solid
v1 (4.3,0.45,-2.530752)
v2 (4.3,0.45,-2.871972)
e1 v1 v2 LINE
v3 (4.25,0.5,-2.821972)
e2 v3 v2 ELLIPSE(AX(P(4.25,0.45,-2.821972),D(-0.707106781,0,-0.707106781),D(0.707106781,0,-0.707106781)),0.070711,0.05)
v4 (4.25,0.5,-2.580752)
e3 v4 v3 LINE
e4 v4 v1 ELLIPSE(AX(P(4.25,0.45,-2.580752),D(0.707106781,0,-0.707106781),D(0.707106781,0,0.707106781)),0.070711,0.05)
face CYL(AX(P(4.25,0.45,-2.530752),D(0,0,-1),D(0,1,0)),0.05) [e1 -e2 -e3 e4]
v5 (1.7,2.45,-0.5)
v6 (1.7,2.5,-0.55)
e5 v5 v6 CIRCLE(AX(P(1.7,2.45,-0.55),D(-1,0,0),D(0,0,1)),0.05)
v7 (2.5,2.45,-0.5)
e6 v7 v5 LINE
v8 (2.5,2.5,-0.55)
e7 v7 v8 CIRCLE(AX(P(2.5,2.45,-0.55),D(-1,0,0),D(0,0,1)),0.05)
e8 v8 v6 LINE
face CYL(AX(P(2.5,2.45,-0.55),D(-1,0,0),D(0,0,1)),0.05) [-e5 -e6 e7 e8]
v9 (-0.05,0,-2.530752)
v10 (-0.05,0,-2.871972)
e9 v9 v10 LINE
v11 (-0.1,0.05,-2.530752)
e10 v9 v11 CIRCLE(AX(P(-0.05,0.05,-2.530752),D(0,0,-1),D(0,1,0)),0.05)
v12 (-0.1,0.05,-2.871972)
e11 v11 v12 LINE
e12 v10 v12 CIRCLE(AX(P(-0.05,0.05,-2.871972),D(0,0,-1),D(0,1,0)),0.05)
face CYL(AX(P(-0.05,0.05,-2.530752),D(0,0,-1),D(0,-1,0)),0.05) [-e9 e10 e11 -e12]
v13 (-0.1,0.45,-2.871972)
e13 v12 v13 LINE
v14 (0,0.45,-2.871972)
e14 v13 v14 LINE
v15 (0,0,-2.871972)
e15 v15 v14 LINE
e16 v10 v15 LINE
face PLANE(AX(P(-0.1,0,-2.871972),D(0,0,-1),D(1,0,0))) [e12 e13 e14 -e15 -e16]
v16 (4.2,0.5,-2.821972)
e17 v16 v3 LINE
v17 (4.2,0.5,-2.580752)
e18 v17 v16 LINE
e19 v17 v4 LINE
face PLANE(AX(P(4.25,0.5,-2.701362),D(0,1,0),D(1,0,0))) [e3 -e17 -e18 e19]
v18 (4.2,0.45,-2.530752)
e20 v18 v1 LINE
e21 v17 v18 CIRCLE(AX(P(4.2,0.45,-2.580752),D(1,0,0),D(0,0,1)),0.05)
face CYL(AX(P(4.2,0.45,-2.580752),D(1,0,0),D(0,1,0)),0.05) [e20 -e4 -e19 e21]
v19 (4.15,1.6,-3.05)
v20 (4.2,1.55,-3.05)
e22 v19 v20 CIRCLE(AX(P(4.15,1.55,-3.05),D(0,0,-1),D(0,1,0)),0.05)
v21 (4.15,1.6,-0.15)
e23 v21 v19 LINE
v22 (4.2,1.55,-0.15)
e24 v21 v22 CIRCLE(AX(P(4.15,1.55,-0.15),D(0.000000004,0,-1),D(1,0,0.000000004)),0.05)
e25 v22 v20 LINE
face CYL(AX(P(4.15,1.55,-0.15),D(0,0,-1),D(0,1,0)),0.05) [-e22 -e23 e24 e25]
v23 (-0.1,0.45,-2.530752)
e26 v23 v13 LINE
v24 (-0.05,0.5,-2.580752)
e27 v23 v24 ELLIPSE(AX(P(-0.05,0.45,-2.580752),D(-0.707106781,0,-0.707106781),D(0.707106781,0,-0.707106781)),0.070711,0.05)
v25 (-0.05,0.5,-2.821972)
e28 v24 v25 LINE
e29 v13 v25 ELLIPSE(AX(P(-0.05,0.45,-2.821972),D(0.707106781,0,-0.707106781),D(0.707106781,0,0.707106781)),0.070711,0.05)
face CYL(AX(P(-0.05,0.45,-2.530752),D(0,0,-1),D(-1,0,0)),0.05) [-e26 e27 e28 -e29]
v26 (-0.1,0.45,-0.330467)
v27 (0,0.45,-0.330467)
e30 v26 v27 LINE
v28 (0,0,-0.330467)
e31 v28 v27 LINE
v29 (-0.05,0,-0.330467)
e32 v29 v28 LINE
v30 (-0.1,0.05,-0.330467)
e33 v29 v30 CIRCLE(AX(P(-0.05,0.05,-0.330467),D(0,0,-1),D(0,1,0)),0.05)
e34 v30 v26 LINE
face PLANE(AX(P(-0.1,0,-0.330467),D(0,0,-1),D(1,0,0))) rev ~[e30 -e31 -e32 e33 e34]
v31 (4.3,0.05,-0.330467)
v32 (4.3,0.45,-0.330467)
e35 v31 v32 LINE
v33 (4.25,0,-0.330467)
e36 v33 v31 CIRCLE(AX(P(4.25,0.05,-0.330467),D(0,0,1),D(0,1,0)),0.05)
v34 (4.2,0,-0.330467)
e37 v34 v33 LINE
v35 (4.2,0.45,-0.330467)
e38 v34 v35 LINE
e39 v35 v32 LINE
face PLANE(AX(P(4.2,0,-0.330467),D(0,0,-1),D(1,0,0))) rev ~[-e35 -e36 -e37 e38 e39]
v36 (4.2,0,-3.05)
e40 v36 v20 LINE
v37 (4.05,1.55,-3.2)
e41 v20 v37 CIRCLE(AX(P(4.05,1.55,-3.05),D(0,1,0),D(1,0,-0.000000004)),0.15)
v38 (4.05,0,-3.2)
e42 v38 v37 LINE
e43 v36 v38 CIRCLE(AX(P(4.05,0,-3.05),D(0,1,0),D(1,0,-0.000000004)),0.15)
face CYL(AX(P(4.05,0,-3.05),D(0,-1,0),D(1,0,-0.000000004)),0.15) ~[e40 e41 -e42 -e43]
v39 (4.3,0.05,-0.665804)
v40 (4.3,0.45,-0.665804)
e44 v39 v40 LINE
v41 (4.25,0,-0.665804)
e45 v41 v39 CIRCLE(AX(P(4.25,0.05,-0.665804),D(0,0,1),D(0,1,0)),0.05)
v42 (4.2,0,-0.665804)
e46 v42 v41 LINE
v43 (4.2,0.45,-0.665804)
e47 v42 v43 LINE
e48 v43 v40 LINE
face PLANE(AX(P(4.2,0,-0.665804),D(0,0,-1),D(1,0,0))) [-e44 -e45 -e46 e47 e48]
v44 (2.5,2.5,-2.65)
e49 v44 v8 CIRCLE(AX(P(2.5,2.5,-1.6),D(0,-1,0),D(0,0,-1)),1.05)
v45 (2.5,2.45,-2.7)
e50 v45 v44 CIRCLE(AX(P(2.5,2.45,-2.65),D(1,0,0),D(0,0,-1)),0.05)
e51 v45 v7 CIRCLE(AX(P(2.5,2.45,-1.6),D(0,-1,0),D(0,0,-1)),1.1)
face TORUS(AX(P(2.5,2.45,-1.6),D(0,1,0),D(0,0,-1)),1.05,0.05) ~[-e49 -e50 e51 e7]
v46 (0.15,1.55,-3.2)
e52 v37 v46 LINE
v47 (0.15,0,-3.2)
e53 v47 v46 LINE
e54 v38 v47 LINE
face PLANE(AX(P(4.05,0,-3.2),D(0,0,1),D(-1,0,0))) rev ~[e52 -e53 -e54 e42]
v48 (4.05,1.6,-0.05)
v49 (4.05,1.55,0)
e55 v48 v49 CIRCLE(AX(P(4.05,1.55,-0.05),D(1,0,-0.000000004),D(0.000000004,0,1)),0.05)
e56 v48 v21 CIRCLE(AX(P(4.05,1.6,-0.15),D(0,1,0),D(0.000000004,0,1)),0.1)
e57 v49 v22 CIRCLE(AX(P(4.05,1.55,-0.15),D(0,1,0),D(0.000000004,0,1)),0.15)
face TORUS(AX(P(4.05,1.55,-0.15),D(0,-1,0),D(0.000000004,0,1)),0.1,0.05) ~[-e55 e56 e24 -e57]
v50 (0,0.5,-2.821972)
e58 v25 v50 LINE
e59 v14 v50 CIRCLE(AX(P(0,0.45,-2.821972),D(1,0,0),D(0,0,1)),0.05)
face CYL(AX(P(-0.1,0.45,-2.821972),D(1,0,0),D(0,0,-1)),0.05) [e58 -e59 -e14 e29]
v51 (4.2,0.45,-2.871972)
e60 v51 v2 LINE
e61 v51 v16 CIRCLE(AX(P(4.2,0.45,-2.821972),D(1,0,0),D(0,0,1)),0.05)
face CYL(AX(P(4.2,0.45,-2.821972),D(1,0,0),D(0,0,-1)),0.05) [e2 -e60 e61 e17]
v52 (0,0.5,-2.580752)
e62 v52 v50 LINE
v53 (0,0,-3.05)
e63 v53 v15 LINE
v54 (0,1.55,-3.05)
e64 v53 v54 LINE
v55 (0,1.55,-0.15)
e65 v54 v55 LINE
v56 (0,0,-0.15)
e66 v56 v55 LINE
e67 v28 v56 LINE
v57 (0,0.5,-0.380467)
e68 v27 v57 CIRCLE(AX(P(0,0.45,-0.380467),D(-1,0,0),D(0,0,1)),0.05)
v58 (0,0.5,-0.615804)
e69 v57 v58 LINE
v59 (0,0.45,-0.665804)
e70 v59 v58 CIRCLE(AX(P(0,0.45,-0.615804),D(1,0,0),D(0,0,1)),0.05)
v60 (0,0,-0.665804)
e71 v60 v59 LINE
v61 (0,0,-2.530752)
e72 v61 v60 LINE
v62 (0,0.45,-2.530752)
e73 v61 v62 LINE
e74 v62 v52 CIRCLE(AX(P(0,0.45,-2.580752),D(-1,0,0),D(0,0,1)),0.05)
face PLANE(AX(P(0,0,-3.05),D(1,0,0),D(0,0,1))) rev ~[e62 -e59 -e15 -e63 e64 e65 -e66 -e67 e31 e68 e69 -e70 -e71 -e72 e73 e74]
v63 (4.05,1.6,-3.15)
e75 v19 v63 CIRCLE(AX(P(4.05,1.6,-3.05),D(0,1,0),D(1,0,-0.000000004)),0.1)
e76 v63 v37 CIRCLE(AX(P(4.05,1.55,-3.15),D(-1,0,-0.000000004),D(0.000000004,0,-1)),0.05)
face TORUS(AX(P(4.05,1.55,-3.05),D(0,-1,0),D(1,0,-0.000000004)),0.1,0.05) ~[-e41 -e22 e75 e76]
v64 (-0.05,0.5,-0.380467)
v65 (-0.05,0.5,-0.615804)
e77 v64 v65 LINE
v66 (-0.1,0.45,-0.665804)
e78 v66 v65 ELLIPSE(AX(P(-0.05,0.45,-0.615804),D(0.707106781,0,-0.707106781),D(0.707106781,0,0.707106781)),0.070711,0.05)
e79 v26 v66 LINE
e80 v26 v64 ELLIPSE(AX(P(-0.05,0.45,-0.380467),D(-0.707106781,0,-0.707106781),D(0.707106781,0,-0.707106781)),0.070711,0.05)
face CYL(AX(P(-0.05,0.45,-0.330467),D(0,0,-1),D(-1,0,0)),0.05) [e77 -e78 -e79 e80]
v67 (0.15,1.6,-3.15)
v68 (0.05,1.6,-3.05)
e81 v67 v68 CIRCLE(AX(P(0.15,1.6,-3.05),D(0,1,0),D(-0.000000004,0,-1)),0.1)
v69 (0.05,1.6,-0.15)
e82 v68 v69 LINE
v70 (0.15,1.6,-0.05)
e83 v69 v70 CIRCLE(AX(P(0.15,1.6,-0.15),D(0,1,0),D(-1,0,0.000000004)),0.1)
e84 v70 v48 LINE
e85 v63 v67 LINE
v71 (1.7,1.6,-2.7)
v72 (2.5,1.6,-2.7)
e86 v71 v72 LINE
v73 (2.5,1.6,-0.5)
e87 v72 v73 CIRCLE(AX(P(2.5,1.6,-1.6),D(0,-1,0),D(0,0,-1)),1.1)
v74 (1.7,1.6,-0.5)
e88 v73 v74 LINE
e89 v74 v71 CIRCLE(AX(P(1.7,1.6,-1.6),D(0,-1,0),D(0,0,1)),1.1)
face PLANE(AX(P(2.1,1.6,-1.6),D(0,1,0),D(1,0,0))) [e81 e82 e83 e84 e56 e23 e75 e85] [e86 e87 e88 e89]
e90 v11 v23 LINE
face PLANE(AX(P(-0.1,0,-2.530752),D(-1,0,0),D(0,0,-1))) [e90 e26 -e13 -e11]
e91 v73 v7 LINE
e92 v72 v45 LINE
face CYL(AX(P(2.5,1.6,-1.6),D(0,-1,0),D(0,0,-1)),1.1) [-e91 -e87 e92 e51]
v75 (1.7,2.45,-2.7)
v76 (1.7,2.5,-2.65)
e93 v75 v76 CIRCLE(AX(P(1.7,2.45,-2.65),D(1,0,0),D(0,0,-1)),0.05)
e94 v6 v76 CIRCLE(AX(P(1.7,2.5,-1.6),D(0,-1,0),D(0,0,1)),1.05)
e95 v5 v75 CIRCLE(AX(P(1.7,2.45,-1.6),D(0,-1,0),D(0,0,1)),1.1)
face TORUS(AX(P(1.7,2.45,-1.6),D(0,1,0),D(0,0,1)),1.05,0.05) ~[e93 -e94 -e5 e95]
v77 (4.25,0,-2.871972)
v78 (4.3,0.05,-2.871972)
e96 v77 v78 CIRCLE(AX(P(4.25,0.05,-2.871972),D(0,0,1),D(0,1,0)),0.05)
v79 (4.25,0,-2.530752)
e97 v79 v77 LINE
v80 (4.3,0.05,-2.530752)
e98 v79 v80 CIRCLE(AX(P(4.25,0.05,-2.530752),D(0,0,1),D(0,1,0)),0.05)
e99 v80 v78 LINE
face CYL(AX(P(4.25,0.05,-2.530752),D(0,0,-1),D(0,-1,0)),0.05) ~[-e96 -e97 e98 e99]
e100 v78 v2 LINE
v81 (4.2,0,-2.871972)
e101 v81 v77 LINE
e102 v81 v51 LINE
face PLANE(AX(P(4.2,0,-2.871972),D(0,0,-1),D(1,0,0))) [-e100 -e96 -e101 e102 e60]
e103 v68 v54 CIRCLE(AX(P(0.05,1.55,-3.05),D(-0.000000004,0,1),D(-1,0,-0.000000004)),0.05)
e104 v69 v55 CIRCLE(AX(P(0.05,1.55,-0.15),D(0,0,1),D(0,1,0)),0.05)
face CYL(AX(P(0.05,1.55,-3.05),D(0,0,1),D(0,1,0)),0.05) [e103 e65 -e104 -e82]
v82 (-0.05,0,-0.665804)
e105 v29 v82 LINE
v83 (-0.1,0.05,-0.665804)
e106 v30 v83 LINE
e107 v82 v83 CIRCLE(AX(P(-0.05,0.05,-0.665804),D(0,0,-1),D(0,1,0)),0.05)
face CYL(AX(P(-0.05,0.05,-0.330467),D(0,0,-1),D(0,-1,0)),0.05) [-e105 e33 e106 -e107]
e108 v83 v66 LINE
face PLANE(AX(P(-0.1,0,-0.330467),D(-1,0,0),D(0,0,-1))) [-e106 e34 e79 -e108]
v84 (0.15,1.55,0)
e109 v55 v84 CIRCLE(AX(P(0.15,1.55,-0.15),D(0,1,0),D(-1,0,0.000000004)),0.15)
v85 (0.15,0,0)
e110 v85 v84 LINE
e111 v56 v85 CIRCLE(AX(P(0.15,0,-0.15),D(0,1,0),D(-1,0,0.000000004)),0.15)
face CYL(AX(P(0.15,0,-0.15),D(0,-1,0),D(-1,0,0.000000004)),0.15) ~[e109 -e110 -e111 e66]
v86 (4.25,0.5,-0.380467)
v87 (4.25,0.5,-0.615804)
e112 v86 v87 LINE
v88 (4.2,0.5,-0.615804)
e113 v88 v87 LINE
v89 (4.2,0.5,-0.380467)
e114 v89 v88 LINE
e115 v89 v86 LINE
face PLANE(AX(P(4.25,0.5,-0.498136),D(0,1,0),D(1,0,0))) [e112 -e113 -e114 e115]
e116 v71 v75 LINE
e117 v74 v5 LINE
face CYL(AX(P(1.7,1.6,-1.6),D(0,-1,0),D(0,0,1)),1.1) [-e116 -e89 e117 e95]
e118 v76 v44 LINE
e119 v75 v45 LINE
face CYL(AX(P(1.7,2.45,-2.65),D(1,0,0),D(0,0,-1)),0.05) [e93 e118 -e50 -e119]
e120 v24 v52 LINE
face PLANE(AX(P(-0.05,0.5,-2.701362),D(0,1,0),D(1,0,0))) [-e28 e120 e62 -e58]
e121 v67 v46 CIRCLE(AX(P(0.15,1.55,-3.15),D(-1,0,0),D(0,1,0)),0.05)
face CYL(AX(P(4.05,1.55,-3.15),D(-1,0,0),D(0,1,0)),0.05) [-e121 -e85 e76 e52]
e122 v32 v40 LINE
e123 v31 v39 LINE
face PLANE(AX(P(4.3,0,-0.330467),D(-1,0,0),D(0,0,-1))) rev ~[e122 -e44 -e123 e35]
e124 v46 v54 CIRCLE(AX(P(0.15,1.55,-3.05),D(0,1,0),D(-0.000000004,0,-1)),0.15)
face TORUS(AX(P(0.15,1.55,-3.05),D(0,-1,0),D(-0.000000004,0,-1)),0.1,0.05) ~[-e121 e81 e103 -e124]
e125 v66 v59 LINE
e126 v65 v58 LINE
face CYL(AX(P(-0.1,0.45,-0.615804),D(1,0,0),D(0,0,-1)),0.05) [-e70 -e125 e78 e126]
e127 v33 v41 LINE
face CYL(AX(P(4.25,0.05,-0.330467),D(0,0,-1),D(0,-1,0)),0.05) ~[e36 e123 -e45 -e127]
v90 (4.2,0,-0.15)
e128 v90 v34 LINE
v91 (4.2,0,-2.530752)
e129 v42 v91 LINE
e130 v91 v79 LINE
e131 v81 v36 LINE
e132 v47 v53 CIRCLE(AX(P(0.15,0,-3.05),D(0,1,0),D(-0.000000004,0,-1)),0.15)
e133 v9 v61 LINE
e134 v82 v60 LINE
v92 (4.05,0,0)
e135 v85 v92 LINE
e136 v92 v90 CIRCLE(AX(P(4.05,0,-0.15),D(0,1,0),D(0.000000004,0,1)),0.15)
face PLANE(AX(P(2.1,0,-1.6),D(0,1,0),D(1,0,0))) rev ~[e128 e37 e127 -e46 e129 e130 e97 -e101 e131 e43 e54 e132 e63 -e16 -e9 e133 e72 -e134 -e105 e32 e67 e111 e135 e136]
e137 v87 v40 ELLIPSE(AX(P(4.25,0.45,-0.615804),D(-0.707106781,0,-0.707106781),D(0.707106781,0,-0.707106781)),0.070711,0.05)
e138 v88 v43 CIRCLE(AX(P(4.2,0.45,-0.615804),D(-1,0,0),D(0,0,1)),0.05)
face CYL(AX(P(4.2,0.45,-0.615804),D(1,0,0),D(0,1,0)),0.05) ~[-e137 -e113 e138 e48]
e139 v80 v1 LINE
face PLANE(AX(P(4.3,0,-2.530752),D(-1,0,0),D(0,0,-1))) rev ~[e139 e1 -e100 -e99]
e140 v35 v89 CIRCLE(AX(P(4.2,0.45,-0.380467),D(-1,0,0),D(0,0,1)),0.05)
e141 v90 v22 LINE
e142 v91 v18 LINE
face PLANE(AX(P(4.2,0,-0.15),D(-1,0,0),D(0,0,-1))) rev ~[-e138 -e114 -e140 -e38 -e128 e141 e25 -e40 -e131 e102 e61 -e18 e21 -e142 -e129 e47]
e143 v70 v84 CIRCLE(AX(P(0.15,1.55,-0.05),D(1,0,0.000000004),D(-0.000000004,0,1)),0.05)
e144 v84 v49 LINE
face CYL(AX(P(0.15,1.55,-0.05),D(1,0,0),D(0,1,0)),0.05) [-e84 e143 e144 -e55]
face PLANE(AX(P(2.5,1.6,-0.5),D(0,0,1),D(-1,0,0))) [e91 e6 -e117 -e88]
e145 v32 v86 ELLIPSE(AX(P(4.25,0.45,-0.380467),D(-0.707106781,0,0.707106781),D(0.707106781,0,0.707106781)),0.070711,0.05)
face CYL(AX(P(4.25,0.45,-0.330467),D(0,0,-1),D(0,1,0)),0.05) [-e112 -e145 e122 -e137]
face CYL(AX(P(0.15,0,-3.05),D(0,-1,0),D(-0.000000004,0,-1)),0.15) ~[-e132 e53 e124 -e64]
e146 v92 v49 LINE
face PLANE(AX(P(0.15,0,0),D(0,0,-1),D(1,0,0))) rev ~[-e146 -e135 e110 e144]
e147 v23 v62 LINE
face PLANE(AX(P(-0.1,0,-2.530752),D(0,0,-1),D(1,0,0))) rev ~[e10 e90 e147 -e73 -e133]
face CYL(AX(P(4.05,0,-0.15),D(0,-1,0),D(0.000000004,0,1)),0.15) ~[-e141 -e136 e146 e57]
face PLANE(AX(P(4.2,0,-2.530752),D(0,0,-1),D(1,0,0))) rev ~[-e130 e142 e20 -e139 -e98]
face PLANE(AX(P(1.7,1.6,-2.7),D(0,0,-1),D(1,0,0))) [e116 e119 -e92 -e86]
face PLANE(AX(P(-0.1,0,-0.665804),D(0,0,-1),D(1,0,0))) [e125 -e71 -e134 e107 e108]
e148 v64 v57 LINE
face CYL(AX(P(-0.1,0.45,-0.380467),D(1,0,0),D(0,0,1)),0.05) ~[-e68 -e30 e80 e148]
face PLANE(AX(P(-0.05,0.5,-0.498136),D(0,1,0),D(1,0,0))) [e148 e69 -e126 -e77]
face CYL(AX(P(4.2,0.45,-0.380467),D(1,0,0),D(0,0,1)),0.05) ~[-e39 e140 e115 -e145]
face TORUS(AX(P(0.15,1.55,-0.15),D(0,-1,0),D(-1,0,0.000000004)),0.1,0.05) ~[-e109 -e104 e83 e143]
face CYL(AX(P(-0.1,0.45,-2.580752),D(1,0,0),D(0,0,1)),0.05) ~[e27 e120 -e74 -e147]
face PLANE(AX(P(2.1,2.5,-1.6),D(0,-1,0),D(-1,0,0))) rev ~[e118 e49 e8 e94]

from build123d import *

# Parameters (mm, degrees)
BOSS_EXTRU_1_DEPTH = 1.6
BOSS_EXTRU_2_DEPTH = 0.9
CONG_1_R           = 0.05
ESQUISSE4_W        = 0.1
ESQUISSE4_H        = 0.34122062
ESQUISSE4_H_2      = 0.335337507
BOSS_EXTRU_3_DEPTH = 0.5
CONG_2_R           = 0.05
CONG_3_R           = 0.05
CONG_4_R           = 0.05
CONG_5_R           = 0.05
CONG_6_R           = 0.05


with BuildPart() as part:
    # Esquisse1 → Boss.-Extru.1 (new body)
    with BuildSketch(Plane(origin=(0, 0, 0), x_dir=(1, 0, 0), z_dir=(0, 1, 0))):
        with BuildLine():
            Line((0.15, 0), (4.05, 0))
            ThreePointArc((4.05, 0), (4.156066017, 0.043933983), (4.2, 0.15))
            Line((4.2, 0.15), (4.2, 3.05))
            ThreePointArc((4.2, 3.05), (4.156066017, 3.156066017), (4.05, 3.2))
            Line((4.05, 3.2), (0.15, 3.2))
            ThreePointArc((0.15, 3.2), (0.043933983, 3.156066017), (0, 3.05))
            Line((0, 3.05), (0, 0.15))
            ThreePointArc((0, 0.15), (0.043933983, 0.043933983), (0.15, 0))
        make_face()
    extrude(amount=BOSS_EXTRU_1_DEPTH)

    # Esquisse3 → Boss.-Extru.2 (add)
    with BuildSketch(Plane(origin=(0, 1.6, 0), x_dir=(1, 0, 0), z_dir=(0, 1, 0))):
        with BuildLine():
            Line((1.7, 2.7), (2.5, 2.7))
            ThreePointArc((2.5, 2.7), (3.6, 1.6), (2.5, 0.5))
            Line((2.5, 0.5), (1.7, 0.5))
            ThreePointArc((1.7, 0.5), (0.6, 1.6), (1.7, 2.7))
        make_face()
    extrude(amount=BOSS_EXTRU_2_DEPTH)

    # Congé1
    cong_1_edges = [part.edges().sort_by_distance(p)[0] for p in [
        (0.6, 2.5, -1.6),
        (2.1, 2.5, -0.5),
        (3.6, 2.5, -1.6),
        (2.1, 2.5, -2.7),
    ]]
    fillet(cong_1_edges, radius=CONG_1_R)

    # Esquisse4 → Boss.-Extru.3 (add)
    with BuildSketch(Plane(origin=(0, 0, 0), x_dir=(1, 0, 0), z_dir=(0, 1, 0))):
        with Locations((-0.05, 2.701361962)):
            Rectangle(ESQUISSE4_W, ESQUISSE4_H)
        with Locations((4.25, 2.701361962)):
            Rectangle(ESQUISSE4_W, ESQUISSE4_H)
        with Locations((-0.05, 0.498135713)):
            Rectangle(ESQUISSE4_W, ESQUISSE4_H_2)
        with Locations((4.25, 0.498135713)):
            Rectangle(ESQUISSE4_W, ESQUISSE4_H_2)
    extrude(amount=BOSS_EXTRU_3_DEPTH)

    # Congé2
    cong_2_edges = [part.edges().sort_by_distance(p)[0] for p in [
        (4.156066017, 1.6, -0.043933983),
        (4.2, 1.6, -1.6),
        (4.156066017, 1.6, -3.156066017),
        (2.1, 1.6, -3.2),
        (0.043933983, 1.6, -3.156066017),
        (0, 1.6, -1.6),
        (0.043933983, 1.6, -0.043933983),
        (2.1, 1.6, 0),
    ]]
    fillet(cong_2_edges, radius=CONG_2_R)

    # Congé3
    cong_3_edges = [part.edges().sort_by_distance(p)[0] for p in [
        (4.25, 0.5, -2.530751652),
        (4.3, 0.5, -2.701361962),
        (4.25, 0.5, -2.871972272),
        (4.25, 0.5, -0.330466959),
        (4.3, 0.5, -0.498135713),
        (4.25, 0.5, -0.665804466),
    ]]
    fillet(cong_3_edges, radius=CONG_3_R)

    # Congé4
    cong_4_edges = [part.edges().sort_by_distance(p)[0] for p in [
        (-0.05, 0.5, -2.871972272),
        (-0.1, 0.5, -2.701361962),
        (-0.05, 0.5, -2.530751652),
        (-0.05, 0.5, -0.665804466),
        (-0.1, 0.5, -0.498135713),
        (-0.05, 0.5, -0.330466959),
    ]]
    fillet(cong_4_edges, radius=CONG_4_R)

    # Congé5
    cong_5_edges = [part.edges().sort_by_distance(p)[0] for p in [
        (-0.1, 0, -2.701361962),
        (-0.1, 0, -0.498135713),
    ]]
    fillet(cong_5_edges, radius=CONG_5_R)

    # Congé6
    cong_6_edges = [part.edges().sort_by_distance(p)[0] for p in [
        (4.3, 0, -2.701361962),
        (4.3, 0, -0.498135713),
    ]]
    fillet(cong_6_edges, radius=CONG_6_R)


solid = part.part
